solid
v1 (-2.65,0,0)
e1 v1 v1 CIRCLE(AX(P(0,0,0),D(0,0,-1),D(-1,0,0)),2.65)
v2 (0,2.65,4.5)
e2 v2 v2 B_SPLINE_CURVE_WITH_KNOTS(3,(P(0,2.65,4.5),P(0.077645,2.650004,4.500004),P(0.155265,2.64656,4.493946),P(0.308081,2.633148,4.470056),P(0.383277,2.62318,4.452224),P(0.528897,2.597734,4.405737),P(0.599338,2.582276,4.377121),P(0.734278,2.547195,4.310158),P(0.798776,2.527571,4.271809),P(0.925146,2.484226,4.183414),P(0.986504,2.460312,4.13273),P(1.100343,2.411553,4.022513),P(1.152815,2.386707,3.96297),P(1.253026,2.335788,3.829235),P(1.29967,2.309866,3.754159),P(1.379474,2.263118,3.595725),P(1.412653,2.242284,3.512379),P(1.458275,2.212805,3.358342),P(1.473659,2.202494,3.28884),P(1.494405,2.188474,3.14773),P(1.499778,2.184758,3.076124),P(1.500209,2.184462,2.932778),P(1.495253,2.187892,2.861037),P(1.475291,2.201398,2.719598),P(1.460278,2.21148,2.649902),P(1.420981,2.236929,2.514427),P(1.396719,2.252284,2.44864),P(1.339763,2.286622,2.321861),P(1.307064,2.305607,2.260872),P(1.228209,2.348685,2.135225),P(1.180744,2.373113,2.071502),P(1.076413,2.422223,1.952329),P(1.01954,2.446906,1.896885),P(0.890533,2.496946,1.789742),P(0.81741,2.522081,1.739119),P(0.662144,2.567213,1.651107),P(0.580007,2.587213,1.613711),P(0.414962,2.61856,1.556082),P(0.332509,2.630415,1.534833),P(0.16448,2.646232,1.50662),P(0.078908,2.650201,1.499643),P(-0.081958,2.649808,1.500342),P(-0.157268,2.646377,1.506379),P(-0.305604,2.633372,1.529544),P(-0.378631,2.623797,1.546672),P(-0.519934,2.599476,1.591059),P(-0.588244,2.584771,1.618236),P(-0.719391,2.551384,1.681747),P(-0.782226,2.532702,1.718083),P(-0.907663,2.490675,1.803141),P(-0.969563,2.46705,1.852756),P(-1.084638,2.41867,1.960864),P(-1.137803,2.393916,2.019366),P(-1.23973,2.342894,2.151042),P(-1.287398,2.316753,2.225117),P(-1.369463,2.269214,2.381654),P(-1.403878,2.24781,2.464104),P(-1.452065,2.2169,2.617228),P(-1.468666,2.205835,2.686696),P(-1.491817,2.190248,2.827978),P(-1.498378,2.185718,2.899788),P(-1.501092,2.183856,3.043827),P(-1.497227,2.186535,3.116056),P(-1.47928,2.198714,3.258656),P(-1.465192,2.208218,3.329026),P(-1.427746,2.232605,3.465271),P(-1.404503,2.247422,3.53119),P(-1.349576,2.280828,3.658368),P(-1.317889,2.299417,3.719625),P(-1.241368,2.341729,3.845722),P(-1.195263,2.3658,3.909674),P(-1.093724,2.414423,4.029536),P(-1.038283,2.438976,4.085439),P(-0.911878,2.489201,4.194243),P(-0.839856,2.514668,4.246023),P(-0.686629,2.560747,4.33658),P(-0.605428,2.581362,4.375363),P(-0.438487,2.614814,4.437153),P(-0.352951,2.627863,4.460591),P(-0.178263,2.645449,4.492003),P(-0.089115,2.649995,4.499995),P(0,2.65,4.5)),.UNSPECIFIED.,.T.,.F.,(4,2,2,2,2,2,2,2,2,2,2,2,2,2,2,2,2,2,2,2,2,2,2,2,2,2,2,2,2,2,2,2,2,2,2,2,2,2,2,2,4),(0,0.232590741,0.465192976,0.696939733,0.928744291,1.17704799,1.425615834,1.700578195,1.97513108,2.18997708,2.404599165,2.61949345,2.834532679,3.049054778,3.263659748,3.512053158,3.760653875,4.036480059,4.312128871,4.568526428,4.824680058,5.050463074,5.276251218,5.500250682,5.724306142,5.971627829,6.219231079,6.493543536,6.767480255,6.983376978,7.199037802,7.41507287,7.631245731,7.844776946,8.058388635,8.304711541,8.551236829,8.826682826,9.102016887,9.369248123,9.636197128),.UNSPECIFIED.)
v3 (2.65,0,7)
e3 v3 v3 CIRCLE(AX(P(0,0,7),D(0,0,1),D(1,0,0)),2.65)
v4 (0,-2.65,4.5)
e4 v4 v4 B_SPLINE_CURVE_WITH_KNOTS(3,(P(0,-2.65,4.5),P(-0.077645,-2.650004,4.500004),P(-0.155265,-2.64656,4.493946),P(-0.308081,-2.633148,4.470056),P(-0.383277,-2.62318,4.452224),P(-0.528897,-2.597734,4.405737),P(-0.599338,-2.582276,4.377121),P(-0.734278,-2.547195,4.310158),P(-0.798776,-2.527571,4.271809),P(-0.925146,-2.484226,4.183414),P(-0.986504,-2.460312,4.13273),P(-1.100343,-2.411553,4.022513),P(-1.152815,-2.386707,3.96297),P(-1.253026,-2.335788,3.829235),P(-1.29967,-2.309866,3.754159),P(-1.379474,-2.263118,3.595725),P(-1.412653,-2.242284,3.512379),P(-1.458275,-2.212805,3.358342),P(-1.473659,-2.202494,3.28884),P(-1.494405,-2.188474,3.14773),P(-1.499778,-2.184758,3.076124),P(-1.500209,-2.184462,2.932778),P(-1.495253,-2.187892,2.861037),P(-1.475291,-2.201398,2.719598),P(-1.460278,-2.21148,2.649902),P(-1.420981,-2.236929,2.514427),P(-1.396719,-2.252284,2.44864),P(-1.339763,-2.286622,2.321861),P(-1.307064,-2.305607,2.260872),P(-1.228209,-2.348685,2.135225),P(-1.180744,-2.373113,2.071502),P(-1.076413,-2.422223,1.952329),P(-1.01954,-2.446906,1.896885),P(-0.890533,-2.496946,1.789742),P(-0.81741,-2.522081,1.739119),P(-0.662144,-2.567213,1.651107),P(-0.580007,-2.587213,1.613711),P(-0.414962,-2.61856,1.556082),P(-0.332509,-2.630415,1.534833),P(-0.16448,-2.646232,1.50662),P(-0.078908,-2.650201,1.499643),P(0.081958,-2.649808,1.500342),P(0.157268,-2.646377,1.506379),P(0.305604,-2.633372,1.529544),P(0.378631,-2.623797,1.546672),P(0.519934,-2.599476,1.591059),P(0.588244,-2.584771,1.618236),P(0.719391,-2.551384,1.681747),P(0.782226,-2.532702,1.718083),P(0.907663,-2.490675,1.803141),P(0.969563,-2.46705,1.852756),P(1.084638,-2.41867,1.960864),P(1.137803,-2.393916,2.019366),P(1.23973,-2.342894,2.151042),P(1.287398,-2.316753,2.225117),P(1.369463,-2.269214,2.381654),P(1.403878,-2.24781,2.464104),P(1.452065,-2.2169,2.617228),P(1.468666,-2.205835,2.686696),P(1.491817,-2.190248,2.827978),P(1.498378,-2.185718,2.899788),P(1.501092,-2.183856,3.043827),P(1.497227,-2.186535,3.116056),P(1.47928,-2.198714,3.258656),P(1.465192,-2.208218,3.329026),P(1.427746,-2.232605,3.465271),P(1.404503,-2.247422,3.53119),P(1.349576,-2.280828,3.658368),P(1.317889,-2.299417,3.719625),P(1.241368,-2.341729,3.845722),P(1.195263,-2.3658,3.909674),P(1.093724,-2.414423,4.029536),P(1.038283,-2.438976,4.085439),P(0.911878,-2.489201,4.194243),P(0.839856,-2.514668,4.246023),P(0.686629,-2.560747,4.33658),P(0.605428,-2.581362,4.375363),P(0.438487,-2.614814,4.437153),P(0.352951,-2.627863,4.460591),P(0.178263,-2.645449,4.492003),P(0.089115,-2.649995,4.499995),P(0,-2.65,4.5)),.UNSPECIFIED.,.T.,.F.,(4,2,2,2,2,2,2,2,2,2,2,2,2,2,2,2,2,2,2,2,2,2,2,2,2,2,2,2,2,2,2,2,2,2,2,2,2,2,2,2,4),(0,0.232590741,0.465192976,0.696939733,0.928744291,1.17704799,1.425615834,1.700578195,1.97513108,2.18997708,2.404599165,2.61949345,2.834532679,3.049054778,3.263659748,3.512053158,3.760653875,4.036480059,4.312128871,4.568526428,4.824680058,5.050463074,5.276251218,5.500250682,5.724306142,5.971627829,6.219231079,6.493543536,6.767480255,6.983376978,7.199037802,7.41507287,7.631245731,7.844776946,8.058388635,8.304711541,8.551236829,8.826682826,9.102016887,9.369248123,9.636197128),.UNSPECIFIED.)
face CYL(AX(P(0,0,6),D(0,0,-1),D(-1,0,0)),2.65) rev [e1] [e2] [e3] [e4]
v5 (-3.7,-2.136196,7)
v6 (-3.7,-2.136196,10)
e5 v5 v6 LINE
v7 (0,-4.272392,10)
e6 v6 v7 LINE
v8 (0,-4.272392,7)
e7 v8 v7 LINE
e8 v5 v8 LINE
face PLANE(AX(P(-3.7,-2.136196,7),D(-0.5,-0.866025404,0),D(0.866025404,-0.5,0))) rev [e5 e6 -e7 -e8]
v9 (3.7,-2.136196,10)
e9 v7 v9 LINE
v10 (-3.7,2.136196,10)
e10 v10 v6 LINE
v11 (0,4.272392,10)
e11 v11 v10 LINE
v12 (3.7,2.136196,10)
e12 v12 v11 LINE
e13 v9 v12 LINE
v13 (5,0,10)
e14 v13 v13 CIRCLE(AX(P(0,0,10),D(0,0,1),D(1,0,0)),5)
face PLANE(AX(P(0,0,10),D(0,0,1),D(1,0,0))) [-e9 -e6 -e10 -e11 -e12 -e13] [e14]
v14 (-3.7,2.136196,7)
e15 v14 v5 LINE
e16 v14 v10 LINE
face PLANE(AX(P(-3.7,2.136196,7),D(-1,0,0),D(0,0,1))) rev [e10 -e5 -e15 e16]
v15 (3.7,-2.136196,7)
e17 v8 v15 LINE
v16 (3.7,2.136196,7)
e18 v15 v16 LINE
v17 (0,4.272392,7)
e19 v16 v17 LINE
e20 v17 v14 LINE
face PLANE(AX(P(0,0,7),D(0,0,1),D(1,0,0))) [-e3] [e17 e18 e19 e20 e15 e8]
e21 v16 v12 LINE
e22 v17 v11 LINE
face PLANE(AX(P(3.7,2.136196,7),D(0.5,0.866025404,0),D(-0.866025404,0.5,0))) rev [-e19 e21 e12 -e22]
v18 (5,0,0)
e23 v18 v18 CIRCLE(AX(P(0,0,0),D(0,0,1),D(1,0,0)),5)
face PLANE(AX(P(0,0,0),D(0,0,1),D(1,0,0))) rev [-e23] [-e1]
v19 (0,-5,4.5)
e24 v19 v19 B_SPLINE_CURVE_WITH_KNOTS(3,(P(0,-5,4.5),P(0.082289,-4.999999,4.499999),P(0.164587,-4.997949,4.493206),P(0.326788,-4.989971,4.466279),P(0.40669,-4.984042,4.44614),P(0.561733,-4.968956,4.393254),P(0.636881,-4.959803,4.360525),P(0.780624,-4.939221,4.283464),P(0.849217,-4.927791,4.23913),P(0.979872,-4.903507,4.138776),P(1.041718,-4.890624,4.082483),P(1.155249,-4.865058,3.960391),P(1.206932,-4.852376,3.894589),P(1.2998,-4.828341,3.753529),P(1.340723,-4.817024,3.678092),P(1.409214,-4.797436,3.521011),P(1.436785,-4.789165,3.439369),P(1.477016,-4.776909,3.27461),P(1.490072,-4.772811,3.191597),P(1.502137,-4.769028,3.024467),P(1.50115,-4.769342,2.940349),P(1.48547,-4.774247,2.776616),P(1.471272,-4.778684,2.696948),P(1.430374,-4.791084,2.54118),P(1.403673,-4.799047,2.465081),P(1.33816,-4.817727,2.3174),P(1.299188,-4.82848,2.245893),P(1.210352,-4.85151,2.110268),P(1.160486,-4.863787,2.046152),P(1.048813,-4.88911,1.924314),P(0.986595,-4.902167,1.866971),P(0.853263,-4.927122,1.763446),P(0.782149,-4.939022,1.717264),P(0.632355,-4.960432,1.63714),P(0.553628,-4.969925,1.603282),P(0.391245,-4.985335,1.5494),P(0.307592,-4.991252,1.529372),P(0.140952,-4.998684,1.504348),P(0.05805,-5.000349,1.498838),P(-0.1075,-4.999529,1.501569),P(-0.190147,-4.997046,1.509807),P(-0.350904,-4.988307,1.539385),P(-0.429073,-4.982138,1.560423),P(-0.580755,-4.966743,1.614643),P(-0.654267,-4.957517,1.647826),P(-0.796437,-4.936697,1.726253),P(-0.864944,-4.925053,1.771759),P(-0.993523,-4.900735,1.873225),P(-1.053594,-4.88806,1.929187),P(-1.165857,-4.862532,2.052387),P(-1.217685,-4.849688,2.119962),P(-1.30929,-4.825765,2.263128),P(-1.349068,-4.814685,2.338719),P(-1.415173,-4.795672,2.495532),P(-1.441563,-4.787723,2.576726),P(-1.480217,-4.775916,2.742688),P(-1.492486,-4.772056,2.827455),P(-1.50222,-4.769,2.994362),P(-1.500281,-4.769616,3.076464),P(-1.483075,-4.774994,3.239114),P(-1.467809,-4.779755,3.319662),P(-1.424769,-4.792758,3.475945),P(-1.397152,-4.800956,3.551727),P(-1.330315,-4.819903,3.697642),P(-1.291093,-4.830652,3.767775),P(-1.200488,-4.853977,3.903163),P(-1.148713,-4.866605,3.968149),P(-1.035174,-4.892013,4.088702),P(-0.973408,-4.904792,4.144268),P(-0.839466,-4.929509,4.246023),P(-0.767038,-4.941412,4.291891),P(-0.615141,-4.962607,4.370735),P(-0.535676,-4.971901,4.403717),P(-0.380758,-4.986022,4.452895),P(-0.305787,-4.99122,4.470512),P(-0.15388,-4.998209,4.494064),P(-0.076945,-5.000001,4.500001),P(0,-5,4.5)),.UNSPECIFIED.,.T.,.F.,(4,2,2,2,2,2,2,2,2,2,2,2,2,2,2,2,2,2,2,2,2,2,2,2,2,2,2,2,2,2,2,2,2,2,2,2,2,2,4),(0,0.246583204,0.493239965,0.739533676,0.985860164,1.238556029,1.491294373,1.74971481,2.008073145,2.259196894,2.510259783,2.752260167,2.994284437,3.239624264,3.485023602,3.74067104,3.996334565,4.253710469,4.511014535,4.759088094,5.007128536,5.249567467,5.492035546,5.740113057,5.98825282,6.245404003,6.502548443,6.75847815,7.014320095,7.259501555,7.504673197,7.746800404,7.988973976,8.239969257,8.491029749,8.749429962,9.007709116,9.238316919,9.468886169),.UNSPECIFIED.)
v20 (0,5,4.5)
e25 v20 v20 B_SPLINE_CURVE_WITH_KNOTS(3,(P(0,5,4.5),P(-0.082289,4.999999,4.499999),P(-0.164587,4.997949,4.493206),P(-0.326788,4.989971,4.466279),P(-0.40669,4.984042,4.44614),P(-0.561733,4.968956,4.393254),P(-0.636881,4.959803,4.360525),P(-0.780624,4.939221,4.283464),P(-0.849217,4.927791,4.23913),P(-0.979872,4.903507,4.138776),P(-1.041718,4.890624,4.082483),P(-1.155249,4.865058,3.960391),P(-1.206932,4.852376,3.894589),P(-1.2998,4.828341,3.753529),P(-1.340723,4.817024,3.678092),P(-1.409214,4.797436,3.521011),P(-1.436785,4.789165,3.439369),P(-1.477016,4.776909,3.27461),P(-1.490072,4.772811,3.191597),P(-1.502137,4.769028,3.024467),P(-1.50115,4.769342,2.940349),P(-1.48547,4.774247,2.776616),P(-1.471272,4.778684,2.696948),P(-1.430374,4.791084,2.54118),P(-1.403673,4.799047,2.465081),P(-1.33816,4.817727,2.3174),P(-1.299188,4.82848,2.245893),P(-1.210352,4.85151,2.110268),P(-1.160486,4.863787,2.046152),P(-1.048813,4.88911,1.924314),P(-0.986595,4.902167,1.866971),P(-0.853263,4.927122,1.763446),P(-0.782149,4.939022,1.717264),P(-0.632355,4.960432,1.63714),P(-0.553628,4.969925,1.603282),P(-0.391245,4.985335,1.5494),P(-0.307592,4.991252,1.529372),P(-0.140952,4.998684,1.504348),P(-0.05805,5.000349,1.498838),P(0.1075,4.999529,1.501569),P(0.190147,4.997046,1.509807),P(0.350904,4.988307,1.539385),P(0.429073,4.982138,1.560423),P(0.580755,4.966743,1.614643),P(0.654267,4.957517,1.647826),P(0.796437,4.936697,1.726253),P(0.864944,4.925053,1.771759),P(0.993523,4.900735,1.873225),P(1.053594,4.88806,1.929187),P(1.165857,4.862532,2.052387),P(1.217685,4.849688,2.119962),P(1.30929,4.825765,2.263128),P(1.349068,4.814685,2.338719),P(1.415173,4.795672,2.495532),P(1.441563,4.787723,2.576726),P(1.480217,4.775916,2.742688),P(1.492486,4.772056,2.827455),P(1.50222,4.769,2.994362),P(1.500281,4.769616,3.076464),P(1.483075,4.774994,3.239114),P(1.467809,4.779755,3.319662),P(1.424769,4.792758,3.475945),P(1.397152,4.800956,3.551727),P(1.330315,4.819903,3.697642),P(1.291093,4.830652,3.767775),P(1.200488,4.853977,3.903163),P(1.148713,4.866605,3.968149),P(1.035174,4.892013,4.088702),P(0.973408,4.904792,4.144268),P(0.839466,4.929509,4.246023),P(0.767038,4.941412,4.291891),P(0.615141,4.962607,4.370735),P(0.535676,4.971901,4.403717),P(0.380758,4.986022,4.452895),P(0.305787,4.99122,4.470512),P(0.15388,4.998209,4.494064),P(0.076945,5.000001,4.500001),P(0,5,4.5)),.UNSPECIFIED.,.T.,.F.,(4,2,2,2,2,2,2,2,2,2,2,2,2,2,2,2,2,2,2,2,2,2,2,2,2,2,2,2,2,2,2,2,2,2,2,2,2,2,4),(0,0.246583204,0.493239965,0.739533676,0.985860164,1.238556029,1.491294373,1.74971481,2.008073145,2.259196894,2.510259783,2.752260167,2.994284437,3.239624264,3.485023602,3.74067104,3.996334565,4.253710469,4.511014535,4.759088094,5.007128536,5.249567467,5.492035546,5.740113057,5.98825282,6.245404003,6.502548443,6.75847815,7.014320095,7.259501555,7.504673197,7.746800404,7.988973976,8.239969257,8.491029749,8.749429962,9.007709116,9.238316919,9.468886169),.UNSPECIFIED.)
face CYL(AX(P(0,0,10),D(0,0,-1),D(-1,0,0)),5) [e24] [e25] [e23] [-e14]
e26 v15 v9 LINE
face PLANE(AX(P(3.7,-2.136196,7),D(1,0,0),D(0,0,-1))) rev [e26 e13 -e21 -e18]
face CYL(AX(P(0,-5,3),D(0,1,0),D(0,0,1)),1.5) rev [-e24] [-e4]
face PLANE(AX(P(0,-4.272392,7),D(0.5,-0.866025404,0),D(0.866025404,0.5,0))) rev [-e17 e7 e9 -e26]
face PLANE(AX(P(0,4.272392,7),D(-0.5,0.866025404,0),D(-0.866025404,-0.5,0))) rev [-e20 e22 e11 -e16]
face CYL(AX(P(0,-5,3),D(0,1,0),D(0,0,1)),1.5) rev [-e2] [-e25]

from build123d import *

# Parameters (mm, degrees)
ESQUISSE1_R                  = 5
BOSS_EXTRU_1_DEPTH           = 10
ENL_V_MAT_EXTRU_1_DEPTH      = 3
ESQUISSE3_R                  = 2.65
ENL_V_MAT_EXTRU_2_DEPTH      = 6
ENL_V_MAT_EXTRU_3_DEPTH      = 13.247448714
ENL_V_MAT_EXTRU_3_DEPTH_BACK = 13.247448714
ESQUISSE4_R                  = 1.5
ESQUISSE5_R                  = 2.65
ENL_V_MAT_EXTRU_4_DEPTH      = 10.273618668


with BuildPart() as part:
    # Esquisse1 → Boss.-Extru.1 (new body)
    with BuildSketch(Plane.XY):
        Circle(ESQUISSE1_R)
    extrude(amount=BOSS_EXTRU_1_DEPTH)

    # Esquisse2 → Enlèv. mat.-Extru.1 (cut)
    with BuildSketch(Plane.XY.offset(10)):
        Polygon((3.7, -2.136195996), (3.7, 2.136195996), (0, 4.272391992), (-3.7, 2.136195996), (-3.7, -2.136195996), (0, -4.272391992), align=None)
    extrude(amount=-ENL_V_MAT_EXTRU_1_DEPTH, mode=Mode.SUBTRACT)

    # Esquisse3 → Enlèv. mat.-Extru.2 (cut)
    with BuildSketch(Plane(origin=(0, 0, 0), x_dir=(-1, 0, 0), z_dir=(0, 0, -1))):
        Circle(ESQUISSE3_R)
    extrude(amount=-ENL_V_MAT_EXTRU_2_DEPTH, mode=Mode.SUBTRACT)

    # Esquisse4 → Enlèv. mat.-Extru.3 (cut, two sides: drawn at the far end of the back side and taken through both)
    with BuildSketch(Plane(origin=(0, 0, 0), x_dir=(1, 0, 0), z_dir=(0, 1, 0)).offset(-ENL_V_MAT_EXTRU_3_DEPTH_BACK)):
        with Locations(Location((0, -3, 0), (0, 0, 270))):
            Circle(ESQUISSE4_R)
    extrude(amount=ENL_V_MAT_EXTRU_3_DEPTH + ENL_V_MAT_EXTRU_3_DEPTH_BACK, mode=Mode.SUBTRACT)

    # Esquisse5 → Enlèv. mat.-Extru.4 (cut, through all)
    with BuildSketch(Plane(origin=(0, 0, 6), x_dir=(-1, 0, 0), z_dir=(0, 0, -1))):
        Circle(ESQUISSE5_R)
    extrude(amount=-ENL_V_MAT_EXTRU_4_DEPTH, mode=Mode.SUBTRACT)


solid = part.part
